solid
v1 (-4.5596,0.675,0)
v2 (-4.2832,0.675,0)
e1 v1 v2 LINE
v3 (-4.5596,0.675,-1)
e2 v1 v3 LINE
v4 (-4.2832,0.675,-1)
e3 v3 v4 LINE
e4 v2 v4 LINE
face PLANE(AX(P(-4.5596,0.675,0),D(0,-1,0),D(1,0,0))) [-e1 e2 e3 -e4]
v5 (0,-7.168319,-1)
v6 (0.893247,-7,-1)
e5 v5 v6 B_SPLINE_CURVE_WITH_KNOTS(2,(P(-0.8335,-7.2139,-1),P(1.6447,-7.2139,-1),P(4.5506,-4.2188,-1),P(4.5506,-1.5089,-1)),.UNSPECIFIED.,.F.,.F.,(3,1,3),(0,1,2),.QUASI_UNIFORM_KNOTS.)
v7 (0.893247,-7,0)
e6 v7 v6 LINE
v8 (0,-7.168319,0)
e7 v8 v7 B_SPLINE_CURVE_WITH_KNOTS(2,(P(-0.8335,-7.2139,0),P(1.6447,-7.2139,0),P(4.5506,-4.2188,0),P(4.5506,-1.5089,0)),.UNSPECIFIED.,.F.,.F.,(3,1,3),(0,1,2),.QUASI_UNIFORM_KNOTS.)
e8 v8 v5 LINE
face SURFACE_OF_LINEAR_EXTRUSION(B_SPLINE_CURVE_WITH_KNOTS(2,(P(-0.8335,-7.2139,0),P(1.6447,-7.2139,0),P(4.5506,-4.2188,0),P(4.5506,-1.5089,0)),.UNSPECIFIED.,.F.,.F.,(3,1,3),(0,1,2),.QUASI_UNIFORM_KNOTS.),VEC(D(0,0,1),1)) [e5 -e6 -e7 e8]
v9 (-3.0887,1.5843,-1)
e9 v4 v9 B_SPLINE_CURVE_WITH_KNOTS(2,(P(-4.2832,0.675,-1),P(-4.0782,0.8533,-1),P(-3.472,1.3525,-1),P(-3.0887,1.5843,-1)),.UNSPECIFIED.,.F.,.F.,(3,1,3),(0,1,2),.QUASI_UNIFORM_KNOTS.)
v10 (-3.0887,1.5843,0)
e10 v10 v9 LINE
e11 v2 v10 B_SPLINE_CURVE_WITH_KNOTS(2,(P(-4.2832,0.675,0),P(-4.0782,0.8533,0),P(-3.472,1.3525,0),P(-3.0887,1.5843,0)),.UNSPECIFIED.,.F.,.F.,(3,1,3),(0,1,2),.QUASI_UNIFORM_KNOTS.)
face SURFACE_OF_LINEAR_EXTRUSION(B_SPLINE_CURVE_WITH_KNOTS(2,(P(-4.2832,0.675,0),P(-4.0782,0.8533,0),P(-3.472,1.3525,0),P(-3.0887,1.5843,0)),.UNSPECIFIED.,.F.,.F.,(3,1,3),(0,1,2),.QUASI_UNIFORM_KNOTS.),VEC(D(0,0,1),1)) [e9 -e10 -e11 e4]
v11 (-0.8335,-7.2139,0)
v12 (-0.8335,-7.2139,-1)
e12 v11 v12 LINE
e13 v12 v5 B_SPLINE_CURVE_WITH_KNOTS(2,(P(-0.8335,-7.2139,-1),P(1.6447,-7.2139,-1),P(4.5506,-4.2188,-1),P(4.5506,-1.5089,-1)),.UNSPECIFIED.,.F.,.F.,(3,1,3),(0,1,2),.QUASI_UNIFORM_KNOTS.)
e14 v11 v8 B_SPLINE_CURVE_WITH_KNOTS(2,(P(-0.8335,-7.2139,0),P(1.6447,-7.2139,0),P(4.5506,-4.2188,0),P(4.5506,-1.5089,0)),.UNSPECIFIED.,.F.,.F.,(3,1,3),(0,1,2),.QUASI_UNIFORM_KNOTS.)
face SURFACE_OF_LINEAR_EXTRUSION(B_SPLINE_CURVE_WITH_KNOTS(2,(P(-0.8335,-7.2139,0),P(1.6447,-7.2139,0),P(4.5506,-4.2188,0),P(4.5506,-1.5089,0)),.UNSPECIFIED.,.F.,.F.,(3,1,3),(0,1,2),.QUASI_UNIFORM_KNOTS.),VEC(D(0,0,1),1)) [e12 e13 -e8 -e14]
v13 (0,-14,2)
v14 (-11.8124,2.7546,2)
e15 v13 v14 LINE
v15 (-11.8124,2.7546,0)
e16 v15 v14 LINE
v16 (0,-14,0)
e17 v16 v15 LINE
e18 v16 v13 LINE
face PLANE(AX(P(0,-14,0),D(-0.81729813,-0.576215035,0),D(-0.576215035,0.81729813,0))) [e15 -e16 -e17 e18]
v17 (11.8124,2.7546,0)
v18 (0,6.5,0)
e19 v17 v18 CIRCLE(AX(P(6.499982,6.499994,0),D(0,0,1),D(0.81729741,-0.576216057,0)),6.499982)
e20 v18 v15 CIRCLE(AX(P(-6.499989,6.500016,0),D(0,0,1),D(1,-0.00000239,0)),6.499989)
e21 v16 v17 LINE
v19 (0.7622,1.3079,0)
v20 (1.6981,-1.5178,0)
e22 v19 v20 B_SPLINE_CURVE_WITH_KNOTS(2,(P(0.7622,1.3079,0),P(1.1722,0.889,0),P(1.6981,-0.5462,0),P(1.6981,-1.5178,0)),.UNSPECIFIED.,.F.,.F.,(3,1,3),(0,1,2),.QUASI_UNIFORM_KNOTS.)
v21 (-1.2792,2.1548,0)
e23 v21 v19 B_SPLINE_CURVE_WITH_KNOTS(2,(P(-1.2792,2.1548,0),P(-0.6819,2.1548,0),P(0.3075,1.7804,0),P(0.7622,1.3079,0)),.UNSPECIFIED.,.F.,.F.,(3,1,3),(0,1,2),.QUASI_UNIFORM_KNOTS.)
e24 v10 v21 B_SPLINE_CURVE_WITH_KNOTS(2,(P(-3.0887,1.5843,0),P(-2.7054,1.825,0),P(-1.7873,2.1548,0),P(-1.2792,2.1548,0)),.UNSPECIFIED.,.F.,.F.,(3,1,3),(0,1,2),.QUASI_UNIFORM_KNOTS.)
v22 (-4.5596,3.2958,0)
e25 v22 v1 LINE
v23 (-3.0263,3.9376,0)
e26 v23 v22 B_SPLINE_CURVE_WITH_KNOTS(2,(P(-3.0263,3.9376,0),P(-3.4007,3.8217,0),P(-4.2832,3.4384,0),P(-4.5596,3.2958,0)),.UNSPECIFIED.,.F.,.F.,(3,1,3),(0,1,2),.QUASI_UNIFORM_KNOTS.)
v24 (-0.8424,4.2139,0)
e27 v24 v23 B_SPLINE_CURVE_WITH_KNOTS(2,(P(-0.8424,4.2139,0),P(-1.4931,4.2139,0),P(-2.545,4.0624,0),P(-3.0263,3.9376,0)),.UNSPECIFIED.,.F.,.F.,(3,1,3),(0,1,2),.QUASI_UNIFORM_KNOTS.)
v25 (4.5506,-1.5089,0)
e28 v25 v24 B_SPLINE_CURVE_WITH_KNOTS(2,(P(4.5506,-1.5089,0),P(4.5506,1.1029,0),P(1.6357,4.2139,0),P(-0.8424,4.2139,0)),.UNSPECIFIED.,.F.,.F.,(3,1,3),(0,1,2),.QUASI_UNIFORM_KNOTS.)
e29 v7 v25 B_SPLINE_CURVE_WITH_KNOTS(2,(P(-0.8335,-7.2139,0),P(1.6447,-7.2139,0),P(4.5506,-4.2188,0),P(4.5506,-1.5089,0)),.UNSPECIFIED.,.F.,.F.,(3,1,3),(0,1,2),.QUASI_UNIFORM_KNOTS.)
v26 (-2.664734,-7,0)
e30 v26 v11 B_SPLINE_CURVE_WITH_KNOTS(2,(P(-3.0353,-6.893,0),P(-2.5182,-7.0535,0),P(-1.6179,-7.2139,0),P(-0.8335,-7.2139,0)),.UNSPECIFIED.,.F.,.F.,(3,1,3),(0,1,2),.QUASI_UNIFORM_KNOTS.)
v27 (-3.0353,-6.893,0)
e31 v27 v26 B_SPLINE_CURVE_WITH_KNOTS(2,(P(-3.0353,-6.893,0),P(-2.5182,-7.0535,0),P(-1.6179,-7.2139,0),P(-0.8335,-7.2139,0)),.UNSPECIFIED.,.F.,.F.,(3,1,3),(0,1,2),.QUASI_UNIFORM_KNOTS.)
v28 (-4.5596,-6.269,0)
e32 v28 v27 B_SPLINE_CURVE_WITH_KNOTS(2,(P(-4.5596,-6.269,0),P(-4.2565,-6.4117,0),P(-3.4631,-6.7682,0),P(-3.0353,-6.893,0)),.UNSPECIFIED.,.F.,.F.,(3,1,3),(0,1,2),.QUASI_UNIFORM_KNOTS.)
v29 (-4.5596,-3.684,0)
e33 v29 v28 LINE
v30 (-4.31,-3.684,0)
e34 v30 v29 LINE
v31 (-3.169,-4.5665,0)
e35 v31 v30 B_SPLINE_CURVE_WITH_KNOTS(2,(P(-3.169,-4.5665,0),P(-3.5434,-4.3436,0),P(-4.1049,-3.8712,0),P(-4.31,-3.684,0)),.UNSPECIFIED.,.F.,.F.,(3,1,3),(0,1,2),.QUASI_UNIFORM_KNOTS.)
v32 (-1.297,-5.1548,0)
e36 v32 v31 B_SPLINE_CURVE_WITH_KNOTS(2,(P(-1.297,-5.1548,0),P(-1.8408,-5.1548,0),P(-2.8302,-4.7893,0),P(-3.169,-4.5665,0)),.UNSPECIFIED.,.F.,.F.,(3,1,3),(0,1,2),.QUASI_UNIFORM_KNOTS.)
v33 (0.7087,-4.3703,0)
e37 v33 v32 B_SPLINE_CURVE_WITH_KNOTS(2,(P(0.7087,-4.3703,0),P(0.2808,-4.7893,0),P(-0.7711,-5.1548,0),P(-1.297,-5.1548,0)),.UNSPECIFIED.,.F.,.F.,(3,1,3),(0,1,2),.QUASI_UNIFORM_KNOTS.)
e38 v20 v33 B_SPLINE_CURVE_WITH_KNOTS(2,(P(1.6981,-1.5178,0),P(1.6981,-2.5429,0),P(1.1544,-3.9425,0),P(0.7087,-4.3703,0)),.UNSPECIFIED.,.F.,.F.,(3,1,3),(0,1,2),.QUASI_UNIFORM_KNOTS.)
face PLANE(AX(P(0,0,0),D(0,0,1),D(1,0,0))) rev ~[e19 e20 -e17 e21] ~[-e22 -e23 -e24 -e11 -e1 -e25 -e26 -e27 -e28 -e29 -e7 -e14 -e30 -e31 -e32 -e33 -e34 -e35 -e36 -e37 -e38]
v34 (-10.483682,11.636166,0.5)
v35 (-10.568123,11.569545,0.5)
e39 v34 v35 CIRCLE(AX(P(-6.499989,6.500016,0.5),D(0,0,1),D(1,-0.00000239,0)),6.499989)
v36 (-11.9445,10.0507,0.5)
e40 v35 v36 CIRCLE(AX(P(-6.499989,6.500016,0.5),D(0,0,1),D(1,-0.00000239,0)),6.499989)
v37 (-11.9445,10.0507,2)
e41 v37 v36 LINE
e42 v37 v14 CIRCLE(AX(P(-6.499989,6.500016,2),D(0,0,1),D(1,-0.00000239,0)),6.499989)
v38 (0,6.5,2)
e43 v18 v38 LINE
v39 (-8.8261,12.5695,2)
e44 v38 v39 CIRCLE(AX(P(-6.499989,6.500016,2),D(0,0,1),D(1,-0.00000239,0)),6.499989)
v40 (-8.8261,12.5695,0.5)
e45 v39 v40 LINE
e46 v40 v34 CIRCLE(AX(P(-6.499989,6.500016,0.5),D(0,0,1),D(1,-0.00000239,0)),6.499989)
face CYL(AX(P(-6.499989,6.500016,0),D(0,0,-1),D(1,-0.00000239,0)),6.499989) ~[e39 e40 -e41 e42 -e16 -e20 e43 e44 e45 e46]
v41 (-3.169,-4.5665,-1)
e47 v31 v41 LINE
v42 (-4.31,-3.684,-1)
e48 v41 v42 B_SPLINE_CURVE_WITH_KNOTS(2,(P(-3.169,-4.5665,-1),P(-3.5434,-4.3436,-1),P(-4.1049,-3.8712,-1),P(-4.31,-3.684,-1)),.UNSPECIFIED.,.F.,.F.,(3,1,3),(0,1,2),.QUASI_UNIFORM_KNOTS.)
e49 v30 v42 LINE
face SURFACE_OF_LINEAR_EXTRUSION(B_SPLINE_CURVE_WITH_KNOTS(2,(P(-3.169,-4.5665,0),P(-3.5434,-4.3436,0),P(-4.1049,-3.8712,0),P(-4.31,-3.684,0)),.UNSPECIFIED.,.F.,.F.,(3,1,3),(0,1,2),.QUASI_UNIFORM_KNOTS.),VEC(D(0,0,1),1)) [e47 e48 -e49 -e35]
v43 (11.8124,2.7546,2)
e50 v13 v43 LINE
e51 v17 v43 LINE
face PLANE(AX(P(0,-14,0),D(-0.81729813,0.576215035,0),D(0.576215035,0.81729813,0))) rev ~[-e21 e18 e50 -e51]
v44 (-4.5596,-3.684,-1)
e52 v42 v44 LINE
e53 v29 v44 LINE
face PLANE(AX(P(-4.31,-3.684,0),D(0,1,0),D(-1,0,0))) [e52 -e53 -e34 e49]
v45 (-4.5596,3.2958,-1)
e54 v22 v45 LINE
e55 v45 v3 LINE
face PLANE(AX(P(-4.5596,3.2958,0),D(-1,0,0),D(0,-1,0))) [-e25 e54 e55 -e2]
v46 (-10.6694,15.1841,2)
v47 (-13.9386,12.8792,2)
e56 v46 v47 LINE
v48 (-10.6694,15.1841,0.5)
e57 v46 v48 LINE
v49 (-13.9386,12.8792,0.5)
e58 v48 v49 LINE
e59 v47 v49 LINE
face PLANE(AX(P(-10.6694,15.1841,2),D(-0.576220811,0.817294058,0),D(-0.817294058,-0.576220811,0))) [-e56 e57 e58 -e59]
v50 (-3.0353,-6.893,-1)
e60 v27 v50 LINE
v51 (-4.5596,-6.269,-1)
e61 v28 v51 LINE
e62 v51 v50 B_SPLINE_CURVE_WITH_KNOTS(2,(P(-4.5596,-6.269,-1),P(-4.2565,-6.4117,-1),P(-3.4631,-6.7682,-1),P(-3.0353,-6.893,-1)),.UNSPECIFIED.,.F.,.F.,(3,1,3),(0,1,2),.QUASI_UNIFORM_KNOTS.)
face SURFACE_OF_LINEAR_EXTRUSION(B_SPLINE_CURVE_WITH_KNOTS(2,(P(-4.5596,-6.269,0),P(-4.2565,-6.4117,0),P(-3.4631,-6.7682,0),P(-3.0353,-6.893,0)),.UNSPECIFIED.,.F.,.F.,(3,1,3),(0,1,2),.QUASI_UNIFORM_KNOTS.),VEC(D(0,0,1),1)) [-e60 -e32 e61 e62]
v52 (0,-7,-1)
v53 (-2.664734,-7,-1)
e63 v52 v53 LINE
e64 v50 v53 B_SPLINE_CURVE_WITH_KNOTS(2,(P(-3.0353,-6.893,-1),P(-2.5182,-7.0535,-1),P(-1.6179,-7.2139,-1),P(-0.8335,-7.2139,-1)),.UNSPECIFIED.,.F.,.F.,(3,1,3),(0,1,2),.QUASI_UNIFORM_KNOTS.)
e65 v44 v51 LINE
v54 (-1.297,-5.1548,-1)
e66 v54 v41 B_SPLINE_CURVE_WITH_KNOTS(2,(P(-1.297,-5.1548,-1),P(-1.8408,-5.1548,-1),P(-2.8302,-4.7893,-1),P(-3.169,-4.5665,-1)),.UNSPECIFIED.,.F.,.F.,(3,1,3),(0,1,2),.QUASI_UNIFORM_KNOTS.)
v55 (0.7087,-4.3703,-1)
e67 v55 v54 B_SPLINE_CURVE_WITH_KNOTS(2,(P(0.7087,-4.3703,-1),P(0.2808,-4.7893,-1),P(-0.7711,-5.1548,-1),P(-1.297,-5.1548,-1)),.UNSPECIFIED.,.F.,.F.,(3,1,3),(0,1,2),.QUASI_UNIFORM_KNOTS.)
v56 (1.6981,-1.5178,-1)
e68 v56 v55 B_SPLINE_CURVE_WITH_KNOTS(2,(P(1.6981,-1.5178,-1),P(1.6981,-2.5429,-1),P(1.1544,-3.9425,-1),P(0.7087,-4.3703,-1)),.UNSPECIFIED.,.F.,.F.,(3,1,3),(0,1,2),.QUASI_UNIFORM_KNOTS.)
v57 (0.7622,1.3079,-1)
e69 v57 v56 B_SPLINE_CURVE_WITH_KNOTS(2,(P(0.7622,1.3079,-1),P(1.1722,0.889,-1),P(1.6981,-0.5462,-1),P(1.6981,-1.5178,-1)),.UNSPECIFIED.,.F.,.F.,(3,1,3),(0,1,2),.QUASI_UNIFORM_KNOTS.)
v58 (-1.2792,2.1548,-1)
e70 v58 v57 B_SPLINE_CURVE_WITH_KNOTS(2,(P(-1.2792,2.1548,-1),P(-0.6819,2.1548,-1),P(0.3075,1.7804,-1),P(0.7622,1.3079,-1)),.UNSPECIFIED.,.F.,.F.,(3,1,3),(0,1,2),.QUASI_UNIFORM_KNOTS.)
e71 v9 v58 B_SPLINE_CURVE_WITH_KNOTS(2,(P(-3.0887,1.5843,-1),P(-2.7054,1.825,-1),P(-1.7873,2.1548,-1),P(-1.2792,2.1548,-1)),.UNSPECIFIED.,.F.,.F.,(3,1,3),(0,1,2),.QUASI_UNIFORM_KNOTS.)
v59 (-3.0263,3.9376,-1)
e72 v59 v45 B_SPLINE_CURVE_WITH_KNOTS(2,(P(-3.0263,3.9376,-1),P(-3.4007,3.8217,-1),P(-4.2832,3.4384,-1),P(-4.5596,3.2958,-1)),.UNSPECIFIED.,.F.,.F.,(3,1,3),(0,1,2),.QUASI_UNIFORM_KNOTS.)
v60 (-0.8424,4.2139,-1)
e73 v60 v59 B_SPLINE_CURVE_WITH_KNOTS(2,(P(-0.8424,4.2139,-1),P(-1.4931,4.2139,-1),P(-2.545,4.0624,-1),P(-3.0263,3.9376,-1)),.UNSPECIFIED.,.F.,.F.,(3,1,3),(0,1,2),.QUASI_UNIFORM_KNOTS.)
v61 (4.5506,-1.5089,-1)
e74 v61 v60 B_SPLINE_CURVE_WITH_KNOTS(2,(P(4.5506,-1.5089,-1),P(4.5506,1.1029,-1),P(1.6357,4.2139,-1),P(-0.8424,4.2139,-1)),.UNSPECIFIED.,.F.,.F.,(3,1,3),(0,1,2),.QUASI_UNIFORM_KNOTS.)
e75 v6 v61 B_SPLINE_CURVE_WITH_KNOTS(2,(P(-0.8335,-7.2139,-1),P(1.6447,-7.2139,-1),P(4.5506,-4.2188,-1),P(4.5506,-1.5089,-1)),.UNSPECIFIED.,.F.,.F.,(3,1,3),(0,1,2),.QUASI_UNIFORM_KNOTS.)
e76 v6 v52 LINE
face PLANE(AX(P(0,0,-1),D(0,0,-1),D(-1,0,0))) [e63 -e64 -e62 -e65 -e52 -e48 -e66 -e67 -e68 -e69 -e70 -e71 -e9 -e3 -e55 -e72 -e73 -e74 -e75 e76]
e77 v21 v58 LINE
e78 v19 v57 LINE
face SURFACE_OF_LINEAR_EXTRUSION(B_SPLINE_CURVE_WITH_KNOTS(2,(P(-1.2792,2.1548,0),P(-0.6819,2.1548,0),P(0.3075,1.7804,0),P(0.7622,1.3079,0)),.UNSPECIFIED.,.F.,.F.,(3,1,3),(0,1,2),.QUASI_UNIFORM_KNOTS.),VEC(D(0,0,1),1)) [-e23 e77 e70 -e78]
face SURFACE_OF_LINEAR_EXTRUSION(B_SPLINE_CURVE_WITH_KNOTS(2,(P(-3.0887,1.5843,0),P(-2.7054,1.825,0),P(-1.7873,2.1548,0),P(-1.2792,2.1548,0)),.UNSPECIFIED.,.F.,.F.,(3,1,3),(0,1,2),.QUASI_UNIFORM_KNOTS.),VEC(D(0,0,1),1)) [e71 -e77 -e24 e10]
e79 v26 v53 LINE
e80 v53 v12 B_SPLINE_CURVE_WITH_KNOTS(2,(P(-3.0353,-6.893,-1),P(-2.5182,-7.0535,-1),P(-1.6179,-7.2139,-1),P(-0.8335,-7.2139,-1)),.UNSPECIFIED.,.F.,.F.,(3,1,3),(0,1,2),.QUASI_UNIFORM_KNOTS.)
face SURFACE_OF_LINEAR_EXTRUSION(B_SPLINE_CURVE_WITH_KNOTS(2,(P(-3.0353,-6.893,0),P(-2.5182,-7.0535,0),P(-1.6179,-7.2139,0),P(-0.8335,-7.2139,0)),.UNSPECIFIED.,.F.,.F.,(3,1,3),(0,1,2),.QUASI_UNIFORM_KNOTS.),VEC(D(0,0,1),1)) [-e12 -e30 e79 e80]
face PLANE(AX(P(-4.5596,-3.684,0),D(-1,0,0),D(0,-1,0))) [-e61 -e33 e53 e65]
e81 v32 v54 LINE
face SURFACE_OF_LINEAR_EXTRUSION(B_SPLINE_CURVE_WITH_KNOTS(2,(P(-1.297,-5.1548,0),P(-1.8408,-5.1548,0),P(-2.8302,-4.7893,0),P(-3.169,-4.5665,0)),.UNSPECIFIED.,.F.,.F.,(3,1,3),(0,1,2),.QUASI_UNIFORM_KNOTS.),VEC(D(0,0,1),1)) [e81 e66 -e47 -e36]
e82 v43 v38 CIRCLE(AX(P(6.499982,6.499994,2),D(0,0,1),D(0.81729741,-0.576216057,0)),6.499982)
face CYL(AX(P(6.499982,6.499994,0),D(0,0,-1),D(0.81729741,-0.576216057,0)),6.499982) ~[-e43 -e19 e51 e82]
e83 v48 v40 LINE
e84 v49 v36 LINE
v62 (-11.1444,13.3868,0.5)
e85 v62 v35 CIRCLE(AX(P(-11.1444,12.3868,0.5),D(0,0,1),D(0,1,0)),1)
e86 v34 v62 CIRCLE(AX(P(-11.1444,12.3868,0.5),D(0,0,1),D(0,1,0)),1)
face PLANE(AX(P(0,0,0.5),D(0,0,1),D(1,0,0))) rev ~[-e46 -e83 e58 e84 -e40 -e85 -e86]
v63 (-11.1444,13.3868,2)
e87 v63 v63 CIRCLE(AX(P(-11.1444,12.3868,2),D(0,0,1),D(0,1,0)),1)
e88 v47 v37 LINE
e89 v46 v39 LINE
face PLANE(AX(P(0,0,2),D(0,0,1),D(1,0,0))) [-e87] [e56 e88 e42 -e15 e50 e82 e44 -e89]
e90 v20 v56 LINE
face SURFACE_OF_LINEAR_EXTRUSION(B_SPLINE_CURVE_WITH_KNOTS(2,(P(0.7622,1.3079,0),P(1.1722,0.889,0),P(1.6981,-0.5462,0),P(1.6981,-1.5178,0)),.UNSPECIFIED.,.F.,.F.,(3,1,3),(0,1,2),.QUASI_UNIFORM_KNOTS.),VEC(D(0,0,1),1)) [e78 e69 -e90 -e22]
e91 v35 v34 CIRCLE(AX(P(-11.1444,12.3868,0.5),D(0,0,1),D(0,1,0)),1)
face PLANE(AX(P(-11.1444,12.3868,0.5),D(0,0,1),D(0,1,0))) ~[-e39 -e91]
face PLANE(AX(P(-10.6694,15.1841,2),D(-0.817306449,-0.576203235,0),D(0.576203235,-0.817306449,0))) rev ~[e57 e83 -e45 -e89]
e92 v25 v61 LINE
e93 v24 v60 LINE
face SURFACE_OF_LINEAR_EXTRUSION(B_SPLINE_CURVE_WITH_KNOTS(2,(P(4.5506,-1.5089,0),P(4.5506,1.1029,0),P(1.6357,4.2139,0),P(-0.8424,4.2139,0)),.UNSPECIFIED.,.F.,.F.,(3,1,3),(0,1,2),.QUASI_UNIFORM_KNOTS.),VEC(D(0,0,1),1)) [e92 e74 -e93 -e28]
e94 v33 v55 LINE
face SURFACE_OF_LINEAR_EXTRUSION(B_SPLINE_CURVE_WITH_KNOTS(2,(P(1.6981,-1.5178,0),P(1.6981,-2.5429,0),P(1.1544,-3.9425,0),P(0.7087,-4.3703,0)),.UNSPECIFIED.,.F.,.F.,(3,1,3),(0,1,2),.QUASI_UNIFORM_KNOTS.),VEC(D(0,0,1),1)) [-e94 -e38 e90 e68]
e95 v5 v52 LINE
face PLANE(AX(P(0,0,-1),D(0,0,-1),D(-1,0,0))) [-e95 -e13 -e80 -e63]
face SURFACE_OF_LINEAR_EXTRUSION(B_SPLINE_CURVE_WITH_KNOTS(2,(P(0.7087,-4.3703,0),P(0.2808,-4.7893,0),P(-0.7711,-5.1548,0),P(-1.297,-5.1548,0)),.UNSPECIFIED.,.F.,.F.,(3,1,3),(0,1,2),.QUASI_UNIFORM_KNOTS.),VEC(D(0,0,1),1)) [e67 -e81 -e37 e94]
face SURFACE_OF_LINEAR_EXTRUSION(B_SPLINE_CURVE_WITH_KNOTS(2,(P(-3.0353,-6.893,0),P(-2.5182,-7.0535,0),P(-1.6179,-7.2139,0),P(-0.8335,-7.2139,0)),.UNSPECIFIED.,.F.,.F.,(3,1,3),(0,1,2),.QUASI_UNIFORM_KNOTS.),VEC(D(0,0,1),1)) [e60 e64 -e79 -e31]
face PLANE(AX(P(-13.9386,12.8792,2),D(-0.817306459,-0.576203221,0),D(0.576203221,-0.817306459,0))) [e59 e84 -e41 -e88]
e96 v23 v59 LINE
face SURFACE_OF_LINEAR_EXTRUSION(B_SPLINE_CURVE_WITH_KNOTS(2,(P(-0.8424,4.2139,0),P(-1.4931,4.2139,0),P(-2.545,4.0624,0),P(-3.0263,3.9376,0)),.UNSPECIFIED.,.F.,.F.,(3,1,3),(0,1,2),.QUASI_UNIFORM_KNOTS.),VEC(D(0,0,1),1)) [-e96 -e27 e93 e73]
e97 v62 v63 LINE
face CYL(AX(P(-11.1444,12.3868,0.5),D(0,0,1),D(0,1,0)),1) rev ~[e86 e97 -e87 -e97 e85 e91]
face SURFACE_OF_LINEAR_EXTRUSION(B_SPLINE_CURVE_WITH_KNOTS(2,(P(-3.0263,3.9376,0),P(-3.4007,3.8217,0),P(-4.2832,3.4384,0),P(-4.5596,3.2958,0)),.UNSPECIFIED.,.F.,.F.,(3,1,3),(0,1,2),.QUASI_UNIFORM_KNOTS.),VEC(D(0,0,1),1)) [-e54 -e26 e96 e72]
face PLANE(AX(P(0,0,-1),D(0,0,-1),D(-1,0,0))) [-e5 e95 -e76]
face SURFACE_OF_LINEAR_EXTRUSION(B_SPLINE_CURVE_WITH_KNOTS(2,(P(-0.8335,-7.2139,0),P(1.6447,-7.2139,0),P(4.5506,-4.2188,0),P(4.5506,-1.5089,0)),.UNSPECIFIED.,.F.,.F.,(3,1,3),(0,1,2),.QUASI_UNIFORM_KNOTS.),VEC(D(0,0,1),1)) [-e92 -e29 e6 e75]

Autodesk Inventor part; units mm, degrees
ref_plane "YZ Plane" through (0, 0, 0) normal (1, 0, 0) x (0, 1, 0)
ref_plane "XZ Plane" through (0, 0, 0) normal (0, 1, 0) x (-1, 0, 0)
ref_plane "XY Plane" through (0, 0, 0) normal (0, 0, 1) x (1, 0, 0)
sketch "Sketch1" plane through (0, 0, 0) normal (0, 0, 1) x (1, 0, 0)
  line L0 (0, -14) -> (-11.8124, 2.7546)
  line L1 (0, -14) -> (11.8124, 2.7546)
  arc A0 (0, 6.5) -> (-11.8124, 2.7546) centre (-6.5, 6.5) ccw
  arc A1 (11.8124, 2.7546) -> (0, 6.5) centre (6.5, 6.5) ccw
  point P0 (0, 0)
extrude "Extrusion1" add sketch "Sketch1" along normal blind 2
sketch "Sketch4" plane through (0, 0, 2) normal (0, 0, 1) x (1, 0, 0)
  arc A0 (0, 6.5) -> (-11.8124, 2.7546) centre (-6.5, 6.5) ccw projected
  line L0 (-10.6694, 15.1841) -> (-13.9386, 12.8792)
  line L1 (-13.9386, 12.8792) -> (-11.9445, 10.0507)
  line L2 (-10.6694, 15.1841) -> (-8.8261, 12.5695)
  point P0 (0, 0)
  point P1 (0, -14)
extrude "Extrusion3" add sketch "Sketch4" against normal blind 1.5
sketch "Sketch5" plane through (0, 0, 0.5) normal (0, 0, -1) x (-1, 0, 0)
  line L0 (13.9386, 12.8792) -> (10.6694, 15.1841) projected
  arc A0 (11.8124, 2.7546) -> (0, 6.5) centre (6.5, 6.5) ccw projected
  circle A1 centre (11.1444, 12.3868) radius 1
  point P0 (0, 0)
  dimension "d14" = 2
hole "Hole1" at (-11.1444, 12.3868, 0.5) direction (0, 0, 1) diameter 2 end through all
sketch "Sketch6" plane through (0, 0, 0) normal (0, 0, -1) x (-1, 0, 0)
  line L0 (-11.8124, 2.7546) -> (0, -14) projected
  line L1 (11.8124, 2.7546) -> (0, -14) projected
  line L2 (0, -14) -> (0, -7)
  line L3 (-4.9352, -7) -> (4.9352, -7)
  spline S0 degree 2 poles (0.8335, -7.2139) (-1.6447, -7.2139) (-4.5506, -4.2188) (-4.5506, -1.5089) knots 0 0 0 1 2 2 2
  spline S1 degree 2 poles (-4.5506, -1.5089) (-4.5506, 1.1029) (-1.6357, 4.2139) (0.8424, 4.2139) knots 0 0 0 1 2 2 2
  spline S2 degree 2 poles (0.8424, 4.2139) (1.4931, 4.2139) (2.545, 4.0624) (3.0263, 3.9376) knots 0 0 0 1 2 2 2
  spline S3 degree 2 poles (3.0263, 3.9376) (3.4007, 3.8217) (4.2832, 3.4384) (4.5596, 3.2958) knots 0 0 0 1 2 2 2
  line L4 (4.5596, 3.2958) -> (4.5596, 0.675)
  line L5 (4.5596, 0.675) -> (4.2832, 0.675)
  spline S4 degree 2 poles (4.2832, 0.675) (4.0782, 0.8533) (3.472, 1.3525) (3.0887, 1.5843) knots 0 0 0 1 2 2 2
  spline S5 degree 2 poles (3.0887, 1.5843) (2.7054, 1.825) (1.7873, 2.1548) (1.2792, 2.1548) knots 0 0 0 1 2 2 2
  spline S6 degree 2 poles (1.2792, 2.1548) (0.6819, 2.1548) (-0.3075, 1.7804) (-0.7622, 1.3079) knots 0 0 0 1 2 2 2
  spline S7 degree 2 poles (-0.7622, 1.3079) (-1.1722, 0.889) (-1.6981, -0.5462) (-1.6981, -1.5178) knots 0 0 0 1 2 2 2
  spline S8 degree 2 poles (-1.6981, -1.5178) (-1.6981, -2.5429) (-1.1544, -3.9425) (-0.7087, -4.3703) knots 0 0 0 1 2 2 2
  spline S9 degree 2 poles (-0.7087, -4.3703) (-0.2808, -4.7893) (0.7711, -5.1548) (1.297, -5.1548) knots 0 0 0 1 2 2 2
  spline S10 degree 2 poles (1.297, -5.1548) (1.8408, -5.1548) (2.8302, -4.7893) (3.169, -4.5665) knots 0 0 0 1 2 2 2
  spline S11 degree 2 poles (3.169, -4.5665) (3.5434, -4.3436) (4.1049, -3.8712) (4.31, -3.684) knots 0 0 0 1 2 2 2
  line L6 (4.31, -3.684) -> (4.5596, -3.684)
  line L7 (4.5596, -3.684) -> (4.5596, -6.269)
  spline S12 degree 2 poles (4.5596, -6.269) (4.2565, -6.4117) (3.4631, -6.7682) (3.0353, -6.893) knots 0 0 0 1 2 2 2
  spline S13 degree 2 poles (3.0353, -6.893) (2.5182, -7.0535) (1.6179, -7.2139) (0.8335, -7.2139) knots 0 0 0 1 2 2 2
  point P0 (0, 0)
  dimension "d24" = 7
extrude "Extrusion5" add sketch "Sketch6" along normal blind 1 contours S0 S1 S2 S3 L4 L5 S4 S5 S6 S7 S8 S9 S10 S11 L6 L7 S12 S13 L3 | L3 L2 S0 | L2 L3 S13 S0
properties part number "Gift - C"
